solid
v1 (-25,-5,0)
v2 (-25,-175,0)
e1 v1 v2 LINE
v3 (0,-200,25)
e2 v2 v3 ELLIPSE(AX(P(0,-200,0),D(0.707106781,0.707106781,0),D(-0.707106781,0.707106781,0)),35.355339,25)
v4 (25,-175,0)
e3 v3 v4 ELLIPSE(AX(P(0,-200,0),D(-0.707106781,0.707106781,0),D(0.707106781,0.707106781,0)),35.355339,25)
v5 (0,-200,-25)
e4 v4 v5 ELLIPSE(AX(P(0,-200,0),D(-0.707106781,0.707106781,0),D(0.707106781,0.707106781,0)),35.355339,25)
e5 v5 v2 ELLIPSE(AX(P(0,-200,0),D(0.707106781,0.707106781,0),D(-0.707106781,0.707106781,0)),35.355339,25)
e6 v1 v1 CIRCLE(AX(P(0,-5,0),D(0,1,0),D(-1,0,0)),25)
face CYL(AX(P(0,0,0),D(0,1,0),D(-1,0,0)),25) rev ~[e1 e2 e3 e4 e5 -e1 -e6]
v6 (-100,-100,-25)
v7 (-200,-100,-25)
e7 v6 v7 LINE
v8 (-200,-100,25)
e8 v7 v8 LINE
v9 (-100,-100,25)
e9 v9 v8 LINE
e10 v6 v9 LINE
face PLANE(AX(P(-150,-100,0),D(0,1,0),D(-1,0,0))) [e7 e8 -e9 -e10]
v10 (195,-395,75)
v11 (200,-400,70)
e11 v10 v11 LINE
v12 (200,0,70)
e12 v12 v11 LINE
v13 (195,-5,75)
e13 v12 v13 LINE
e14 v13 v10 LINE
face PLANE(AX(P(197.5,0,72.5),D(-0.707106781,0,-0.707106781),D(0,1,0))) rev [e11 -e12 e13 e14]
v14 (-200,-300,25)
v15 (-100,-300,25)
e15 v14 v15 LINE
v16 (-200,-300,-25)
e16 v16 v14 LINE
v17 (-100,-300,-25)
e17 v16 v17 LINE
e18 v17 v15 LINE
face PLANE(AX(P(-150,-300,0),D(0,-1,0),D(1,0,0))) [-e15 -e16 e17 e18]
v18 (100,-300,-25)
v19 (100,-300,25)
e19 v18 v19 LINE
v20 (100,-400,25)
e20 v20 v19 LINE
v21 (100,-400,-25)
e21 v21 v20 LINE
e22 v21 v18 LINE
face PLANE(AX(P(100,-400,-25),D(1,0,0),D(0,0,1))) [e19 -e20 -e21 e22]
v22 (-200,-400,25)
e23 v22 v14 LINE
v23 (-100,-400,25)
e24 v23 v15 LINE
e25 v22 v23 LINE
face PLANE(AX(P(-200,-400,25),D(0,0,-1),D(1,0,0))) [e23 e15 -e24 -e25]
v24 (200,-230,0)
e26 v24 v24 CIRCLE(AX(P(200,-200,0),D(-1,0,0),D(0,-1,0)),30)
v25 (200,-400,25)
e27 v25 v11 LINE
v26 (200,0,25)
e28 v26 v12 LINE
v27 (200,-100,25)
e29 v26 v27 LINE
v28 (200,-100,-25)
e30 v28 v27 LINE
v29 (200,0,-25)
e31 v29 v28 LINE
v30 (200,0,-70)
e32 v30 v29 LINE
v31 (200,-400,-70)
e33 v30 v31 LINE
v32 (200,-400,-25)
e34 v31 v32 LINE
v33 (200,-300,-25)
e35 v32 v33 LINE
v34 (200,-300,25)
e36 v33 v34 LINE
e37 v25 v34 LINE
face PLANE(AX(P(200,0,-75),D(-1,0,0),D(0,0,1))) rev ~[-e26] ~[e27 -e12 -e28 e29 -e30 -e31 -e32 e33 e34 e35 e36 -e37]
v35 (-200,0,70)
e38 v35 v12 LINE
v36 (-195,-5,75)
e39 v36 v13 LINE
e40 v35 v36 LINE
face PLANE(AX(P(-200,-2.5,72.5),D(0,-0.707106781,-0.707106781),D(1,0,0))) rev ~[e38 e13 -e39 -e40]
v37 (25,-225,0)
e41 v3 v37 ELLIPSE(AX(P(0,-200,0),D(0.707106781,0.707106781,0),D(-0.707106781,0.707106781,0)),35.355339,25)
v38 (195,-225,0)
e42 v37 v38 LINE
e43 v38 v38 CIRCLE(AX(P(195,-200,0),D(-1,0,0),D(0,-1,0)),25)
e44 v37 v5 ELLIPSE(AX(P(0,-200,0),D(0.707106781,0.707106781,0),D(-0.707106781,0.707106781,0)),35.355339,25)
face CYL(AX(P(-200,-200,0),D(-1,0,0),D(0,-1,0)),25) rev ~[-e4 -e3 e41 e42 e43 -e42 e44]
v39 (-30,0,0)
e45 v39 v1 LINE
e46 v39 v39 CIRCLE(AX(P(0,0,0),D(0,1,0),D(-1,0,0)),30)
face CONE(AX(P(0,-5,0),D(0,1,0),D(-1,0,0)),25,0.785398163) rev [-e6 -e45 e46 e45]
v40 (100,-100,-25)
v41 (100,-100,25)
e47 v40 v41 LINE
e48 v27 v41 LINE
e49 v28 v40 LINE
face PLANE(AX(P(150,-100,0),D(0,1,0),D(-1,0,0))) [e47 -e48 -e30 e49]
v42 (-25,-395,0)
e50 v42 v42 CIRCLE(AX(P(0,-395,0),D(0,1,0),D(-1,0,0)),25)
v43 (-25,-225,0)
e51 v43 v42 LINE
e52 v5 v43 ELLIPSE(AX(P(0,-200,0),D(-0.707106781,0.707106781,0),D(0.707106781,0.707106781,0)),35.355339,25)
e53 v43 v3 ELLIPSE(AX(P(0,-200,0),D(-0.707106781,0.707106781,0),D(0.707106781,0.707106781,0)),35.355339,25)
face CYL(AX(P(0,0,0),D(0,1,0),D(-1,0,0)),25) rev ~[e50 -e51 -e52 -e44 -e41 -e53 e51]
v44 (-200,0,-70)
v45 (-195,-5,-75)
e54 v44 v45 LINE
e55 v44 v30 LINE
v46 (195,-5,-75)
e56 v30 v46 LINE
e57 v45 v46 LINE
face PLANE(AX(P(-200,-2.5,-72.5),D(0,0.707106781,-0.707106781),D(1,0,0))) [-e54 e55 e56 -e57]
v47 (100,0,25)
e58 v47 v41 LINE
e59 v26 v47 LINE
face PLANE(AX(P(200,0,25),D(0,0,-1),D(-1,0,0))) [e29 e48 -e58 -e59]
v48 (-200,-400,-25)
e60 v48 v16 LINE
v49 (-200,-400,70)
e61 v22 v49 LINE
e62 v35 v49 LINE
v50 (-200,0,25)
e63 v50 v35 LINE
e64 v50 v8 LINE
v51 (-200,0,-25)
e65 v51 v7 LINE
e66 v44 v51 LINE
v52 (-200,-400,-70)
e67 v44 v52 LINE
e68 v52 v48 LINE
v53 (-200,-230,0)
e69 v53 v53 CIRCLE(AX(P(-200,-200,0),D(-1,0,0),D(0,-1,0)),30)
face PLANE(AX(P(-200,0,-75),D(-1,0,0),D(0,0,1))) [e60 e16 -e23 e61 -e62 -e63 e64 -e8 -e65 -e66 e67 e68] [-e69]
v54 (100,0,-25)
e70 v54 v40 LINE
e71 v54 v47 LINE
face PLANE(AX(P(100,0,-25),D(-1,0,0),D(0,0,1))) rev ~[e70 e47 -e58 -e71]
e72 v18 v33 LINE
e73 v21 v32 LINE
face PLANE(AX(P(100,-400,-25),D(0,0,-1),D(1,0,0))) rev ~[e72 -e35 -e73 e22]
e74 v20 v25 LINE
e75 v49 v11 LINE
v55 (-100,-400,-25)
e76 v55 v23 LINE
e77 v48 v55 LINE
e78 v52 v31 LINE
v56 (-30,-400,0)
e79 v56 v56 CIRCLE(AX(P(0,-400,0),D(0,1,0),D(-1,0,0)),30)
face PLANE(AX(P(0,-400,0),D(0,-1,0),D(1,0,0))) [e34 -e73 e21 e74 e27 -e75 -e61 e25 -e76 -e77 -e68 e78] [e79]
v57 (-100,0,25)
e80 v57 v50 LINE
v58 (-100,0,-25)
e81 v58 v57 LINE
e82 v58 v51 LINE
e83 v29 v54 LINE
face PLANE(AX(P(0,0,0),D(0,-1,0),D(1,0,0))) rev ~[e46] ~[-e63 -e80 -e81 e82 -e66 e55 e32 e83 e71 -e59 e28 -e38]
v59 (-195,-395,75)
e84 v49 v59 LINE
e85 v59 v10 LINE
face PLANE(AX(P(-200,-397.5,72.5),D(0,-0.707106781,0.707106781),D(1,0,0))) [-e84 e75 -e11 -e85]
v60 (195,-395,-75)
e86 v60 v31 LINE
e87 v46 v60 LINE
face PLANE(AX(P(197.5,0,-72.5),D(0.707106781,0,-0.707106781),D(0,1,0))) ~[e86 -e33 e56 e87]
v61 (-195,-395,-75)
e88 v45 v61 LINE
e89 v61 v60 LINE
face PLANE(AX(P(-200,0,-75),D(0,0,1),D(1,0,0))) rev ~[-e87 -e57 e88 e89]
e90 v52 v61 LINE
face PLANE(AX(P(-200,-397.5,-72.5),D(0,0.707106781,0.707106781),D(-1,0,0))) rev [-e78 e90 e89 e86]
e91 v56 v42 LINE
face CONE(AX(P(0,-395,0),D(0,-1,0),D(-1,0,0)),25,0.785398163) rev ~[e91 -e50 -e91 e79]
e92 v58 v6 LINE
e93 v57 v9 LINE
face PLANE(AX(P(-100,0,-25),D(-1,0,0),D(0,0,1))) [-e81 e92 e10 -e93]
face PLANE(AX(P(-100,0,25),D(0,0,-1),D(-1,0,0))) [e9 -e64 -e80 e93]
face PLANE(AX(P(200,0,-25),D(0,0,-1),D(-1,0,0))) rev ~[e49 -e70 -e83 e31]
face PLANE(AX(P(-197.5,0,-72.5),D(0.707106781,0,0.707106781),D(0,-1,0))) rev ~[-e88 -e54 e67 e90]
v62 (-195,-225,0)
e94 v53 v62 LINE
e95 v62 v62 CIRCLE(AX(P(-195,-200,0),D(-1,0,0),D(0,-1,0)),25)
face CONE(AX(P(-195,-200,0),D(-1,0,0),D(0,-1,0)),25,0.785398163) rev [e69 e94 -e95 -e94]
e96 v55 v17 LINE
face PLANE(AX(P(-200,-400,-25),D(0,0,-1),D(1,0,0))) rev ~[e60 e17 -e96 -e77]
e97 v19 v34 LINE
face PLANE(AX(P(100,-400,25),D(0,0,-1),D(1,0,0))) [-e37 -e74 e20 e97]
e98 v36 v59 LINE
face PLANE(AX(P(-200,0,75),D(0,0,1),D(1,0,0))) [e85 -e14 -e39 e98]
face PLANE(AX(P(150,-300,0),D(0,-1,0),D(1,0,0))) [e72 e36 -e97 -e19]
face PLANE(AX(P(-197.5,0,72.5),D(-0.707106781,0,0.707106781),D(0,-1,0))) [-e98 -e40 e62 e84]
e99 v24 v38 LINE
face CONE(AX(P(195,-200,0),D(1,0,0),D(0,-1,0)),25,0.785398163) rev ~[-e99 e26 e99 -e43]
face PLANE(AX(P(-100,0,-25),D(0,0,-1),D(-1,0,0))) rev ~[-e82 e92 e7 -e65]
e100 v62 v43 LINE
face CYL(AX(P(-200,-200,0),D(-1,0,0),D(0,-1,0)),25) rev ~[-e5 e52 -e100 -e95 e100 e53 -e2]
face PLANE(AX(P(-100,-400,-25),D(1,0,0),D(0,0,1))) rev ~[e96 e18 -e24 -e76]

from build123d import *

# Parameters (mm, degrees)
F0_W     = 400
F0_H     = 150
F1_DEPTH = 400
F2_W     = 100
F2_H     = 50
F3_DEPTH = 100
F4_W     = 100
F4_H     = 50
F5_DEPTH = 100
F6_R     = 25
F7_DEPTH = 400.001
F8_R     = 25
F9_DEPTH = 400.001
F10_SIZE = 5


with BuildPart() as f1:
    # F0 (on Front) → F1 (new body)
    with BuildSketch(Plane.XZ):
        Rectangle(F0_W, F0_H)
    extrude(amount=F1_DEPTH)

    # F2 (on face) → F3 (cut)
    with BuildSketch(Plane.XZ.offset(400)):
        with Locations((150, 0)):
            Rectangle(F2_W, F2_H)
        with Locations((-150, 0)):
            Rectangle(F2_W, F2_H)
    extrude(amount=-F3_DEPTH, mode=Mode.SUBTRACT)

    # F4 (on face) → F5 (cut)
    with BuildSketch(Plane(origin=(0, 0, 0), x_dir=(-1, 0, 0), z_dir=(0, 1, 0))):
        with Locations((150, 0)):
            Rectangle(F4_W, F4_H)
        with Locations((-150, 0)):
            Rectangle(F4_W, F4_H)
    extrude(amount=-F5_DEPTH, mode=Mode.SUBTRACT)

    # F6 (on face) → F7 (cut, through all)
    with BuildSketch(Plane(origin=(0, 0, 0), x_dir=(-1, 0, 0), z_dir=(0, 1, 0))):
        Circle(F6_R)
    extrude(amount=-F7_DEPTH, mode=Mode.SUBTRACT)

    # F8 (on face) → F9 (cut, through all)
    with BuildSketch(Plane(origin=(-200, 0, 0), x_dir=(0, -1, 0), z_dir=(-1, 0, 0))):
        with Locations((200, 0)):
            Circle(F8_R)
    extrude(amount=-F9_DEPTH, mode=Mode.SUBTRACT)

    # F10
    f10_edges = [f1.edges().sort_by_distance(p)[0] for p in [
        (-200, -200, 75),
        (-200, -200, -75),
        (0, 0, 75),
        (0, 0, -75),
        (-200, -175, 0),
        (25, 0, 0),
        (200, -200, -75),
        (200, -200, 75),
        (200, -175, 0),
        (0, -400, -75),
        (0, -400, 75),
        (25, -400, 0),
    ]]
    chamfer(f10_edges, length=F10_SIZE)


solid = f1.part
